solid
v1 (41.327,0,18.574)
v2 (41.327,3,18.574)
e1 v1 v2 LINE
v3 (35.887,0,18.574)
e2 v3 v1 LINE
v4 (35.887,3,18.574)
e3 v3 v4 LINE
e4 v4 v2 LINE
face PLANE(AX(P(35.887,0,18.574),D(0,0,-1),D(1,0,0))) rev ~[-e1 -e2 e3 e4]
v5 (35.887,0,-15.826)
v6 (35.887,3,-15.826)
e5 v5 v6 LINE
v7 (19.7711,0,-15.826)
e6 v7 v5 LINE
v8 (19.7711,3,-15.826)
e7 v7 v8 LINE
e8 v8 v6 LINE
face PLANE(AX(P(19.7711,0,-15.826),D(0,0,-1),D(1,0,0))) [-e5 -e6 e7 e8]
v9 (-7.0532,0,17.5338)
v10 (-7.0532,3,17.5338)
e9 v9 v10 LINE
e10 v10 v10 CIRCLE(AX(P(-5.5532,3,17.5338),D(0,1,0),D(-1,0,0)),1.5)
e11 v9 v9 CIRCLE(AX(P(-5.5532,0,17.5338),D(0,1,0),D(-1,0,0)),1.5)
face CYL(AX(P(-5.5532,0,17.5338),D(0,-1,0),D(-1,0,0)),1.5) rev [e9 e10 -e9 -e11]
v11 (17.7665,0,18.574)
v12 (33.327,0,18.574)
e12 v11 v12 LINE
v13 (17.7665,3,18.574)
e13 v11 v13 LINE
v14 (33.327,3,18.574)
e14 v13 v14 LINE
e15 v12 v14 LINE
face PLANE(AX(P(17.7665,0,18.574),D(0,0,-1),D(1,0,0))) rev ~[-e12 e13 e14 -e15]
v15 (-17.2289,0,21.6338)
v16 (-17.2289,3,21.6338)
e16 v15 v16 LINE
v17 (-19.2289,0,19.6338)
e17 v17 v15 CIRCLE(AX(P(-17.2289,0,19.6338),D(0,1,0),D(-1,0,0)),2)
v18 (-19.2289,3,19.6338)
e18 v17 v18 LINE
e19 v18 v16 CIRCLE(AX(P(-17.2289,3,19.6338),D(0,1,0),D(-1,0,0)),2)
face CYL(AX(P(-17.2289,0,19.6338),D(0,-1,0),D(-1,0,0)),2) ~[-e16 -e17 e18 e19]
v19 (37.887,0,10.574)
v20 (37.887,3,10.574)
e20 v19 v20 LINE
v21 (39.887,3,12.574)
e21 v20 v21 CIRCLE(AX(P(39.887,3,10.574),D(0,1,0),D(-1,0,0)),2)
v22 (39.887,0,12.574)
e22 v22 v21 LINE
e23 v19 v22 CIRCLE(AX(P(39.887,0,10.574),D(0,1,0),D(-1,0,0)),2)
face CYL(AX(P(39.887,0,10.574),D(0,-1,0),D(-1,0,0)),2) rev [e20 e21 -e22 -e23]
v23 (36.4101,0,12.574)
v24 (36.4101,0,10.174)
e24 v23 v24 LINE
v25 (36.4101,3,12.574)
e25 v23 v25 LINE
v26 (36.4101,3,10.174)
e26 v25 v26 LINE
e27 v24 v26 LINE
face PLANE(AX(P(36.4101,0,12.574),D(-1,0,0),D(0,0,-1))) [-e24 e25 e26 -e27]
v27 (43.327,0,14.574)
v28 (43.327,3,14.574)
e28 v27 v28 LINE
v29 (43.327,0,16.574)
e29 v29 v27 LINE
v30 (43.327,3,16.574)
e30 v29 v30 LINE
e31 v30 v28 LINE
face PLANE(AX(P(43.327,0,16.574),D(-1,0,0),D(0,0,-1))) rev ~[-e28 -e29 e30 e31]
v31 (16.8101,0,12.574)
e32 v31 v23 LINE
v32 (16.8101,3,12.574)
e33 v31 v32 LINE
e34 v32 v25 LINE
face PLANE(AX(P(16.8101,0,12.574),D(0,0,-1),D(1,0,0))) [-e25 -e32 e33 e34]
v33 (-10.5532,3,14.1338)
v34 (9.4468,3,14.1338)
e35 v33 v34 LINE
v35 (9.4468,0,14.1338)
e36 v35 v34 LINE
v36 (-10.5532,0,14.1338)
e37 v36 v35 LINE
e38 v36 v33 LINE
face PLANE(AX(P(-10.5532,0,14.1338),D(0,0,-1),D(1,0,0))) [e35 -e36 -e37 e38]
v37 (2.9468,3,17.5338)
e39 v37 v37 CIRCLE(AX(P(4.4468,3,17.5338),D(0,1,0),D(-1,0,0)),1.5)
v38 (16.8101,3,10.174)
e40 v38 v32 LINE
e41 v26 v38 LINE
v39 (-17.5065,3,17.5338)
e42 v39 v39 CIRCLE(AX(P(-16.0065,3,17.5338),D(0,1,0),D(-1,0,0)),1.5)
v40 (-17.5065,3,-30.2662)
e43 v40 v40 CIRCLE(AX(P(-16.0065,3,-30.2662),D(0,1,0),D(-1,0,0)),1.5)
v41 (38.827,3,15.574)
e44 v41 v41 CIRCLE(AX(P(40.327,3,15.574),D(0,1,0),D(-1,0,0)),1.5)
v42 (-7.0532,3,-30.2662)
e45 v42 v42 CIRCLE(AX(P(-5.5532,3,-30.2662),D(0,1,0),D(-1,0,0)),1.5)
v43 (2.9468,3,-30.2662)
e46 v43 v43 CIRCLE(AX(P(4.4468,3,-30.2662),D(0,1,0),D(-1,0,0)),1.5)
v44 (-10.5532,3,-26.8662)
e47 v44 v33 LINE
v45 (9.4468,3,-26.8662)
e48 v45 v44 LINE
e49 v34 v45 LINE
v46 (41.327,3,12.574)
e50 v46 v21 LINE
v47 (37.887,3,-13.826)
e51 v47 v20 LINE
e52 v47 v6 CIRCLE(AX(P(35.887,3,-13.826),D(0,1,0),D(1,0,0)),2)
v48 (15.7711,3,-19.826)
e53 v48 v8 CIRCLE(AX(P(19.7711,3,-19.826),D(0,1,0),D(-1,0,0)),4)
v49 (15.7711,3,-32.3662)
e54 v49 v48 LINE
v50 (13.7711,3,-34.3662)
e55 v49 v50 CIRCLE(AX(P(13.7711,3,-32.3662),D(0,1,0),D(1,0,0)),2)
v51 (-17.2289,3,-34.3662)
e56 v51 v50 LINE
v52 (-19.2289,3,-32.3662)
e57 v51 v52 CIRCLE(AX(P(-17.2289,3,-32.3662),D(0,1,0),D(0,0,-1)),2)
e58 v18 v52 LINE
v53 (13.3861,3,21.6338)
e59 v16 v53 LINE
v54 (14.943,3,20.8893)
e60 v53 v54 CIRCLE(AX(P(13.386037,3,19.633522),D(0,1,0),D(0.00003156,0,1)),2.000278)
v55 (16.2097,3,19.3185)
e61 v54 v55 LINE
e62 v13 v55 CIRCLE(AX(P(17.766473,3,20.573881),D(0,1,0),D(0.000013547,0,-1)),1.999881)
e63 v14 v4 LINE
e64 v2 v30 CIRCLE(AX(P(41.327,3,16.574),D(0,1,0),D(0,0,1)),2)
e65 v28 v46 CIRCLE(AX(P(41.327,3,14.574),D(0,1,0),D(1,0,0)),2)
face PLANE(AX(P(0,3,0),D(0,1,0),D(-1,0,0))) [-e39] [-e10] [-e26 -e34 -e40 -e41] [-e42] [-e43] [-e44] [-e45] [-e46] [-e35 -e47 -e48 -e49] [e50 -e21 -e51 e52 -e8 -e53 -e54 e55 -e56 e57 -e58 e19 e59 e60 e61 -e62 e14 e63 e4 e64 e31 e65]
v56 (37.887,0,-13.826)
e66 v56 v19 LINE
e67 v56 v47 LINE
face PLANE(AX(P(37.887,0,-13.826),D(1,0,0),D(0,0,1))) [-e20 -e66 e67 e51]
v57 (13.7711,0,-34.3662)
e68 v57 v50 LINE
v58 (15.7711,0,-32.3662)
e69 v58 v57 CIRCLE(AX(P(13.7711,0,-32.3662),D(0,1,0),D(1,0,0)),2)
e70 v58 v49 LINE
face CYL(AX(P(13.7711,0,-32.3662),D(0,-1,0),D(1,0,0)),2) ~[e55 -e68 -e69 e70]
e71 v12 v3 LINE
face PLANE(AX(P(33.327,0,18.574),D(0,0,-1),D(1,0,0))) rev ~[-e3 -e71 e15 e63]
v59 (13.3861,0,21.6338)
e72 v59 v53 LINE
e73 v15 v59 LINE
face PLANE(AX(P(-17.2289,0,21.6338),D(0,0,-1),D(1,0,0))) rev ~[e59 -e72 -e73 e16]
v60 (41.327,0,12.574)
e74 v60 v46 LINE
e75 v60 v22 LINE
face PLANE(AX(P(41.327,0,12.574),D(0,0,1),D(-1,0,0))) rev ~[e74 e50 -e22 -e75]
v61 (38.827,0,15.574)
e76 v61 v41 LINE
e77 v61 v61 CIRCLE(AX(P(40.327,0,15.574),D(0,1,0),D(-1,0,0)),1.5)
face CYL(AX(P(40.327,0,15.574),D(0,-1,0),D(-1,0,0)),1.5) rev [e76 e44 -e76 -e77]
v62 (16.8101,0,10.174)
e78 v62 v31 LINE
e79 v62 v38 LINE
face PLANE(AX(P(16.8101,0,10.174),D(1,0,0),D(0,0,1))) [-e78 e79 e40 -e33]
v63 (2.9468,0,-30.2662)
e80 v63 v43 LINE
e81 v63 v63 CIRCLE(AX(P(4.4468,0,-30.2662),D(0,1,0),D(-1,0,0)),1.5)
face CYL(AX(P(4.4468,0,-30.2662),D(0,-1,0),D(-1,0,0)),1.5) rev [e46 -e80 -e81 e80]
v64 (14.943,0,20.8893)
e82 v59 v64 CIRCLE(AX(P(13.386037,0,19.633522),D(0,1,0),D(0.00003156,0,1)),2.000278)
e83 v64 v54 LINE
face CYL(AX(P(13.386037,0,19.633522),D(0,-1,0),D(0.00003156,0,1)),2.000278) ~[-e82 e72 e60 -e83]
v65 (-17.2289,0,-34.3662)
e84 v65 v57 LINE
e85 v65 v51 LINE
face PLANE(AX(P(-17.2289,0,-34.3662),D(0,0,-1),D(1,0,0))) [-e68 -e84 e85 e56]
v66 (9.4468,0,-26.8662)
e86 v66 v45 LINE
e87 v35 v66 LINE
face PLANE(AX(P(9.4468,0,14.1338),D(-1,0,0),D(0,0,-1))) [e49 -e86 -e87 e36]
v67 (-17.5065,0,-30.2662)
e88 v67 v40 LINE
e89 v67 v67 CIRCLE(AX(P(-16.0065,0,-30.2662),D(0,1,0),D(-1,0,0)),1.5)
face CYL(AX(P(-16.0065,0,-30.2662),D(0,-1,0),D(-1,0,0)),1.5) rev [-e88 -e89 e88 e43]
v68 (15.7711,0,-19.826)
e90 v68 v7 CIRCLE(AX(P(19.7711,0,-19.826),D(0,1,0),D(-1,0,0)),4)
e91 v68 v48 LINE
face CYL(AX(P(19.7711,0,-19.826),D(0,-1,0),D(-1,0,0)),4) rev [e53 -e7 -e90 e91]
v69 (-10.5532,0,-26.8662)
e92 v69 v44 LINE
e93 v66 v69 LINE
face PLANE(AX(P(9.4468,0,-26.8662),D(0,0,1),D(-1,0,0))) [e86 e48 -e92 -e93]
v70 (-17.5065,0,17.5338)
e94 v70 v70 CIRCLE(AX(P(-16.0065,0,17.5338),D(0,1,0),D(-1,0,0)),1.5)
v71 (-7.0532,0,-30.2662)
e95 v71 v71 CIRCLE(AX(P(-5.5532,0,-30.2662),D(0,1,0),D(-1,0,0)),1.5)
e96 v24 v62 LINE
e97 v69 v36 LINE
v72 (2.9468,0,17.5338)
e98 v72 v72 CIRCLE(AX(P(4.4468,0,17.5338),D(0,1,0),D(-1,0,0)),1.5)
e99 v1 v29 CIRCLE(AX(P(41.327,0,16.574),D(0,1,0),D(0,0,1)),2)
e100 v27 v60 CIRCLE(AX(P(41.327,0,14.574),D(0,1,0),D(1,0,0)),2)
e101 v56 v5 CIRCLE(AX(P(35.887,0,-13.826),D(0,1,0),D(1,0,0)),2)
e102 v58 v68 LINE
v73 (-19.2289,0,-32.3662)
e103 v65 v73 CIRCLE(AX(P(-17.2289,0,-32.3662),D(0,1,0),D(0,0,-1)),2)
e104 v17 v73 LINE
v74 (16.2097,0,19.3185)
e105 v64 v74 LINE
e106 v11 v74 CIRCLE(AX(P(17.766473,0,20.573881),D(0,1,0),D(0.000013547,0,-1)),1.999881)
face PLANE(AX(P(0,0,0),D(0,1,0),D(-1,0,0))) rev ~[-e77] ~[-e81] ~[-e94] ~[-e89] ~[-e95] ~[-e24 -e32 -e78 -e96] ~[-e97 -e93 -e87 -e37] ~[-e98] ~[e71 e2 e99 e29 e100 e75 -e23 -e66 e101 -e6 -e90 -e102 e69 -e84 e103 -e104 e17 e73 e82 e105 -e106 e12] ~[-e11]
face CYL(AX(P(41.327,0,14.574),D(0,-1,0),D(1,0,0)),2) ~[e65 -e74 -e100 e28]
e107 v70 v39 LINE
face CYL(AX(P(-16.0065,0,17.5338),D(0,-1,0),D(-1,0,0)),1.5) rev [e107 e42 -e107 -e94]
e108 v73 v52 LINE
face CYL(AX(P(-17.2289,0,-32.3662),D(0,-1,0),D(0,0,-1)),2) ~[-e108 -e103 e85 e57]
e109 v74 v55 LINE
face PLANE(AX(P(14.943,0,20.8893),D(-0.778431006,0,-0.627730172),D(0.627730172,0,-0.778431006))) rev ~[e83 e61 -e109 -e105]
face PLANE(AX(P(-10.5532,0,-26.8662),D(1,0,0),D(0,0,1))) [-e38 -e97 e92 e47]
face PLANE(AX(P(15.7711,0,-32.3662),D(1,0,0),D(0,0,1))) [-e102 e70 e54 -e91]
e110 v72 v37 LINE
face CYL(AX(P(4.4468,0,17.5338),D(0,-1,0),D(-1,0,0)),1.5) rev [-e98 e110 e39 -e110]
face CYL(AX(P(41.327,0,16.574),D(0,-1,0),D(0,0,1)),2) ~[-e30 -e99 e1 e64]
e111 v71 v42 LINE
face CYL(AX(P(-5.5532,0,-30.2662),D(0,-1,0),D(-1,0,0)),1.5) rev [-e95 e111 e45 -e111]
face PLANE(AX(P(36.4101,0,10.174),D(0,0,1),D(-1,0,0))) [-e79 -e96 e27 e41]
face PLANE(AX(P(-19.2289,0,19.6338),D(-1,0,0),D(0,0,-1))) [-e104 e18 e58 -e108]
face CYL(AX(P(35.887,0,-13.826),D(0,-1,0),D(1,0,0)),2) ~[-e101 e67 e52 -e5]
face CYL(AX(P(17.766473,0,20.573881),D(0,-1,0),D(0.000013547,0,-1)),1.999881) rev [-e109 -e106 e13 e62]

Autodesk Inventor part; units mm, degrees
ref_plane "YZ Plane" through (0, 0, 0) normal (1, 0, 0) x (0, 1, 0)
ref_plane "XZ Plane" through (0, 0, 0) normal (0, 1, 0) x (-1, 0, 0)
ref_plane "XY Plane" through (0, 0, 0) normal (0, 0, 1) x (1, 0, 0)
sketch "Sketch1" plane through (0, 0, 0) normal (0, 1, 0) x (-1, 0, 0)
  line L0 (10.5532, 14.1338) -> (-9.4468, 14.1338)
  line L1 (-9.4468, 14.1338) -> (-9.4468, -26.8662)
  line L2 (-9.4468, -26.8662) -> (10.5532, -26.8662)
  line L3 (10.5532, -26.8662) -> (10.5532, 14.1338)
  circle A0 centre (5.5532, 17.5338) radius 1.5
  line L4 (19.2289, 19.6338) -> (19.2289, -32.3662)
  line L5 (17.2289, -34.3662) -> (-13.7711, -34.3662)
  line L6 (-15.7711, -32.3662) -> (-15.7711, -19.826)
  line L7 (-19.7711, -15.826) -> (-35.887, -15.826)
  line L8 (-37.887, -13.826) -> (-37.887, 10.574)
  line L9 (17.2289, 21.6338) -> (-13.3861, 21.6338)
  line L10 (-14.943, 20.8893) -> (-16.2097, 19.3185)
  line L11 (-17.7665, 18.574) -> (-35.887, 18.574)
  line L12 (-16.8101, 12.574) -> (-36.4101, 12.574)
  line L13 (-36.4101, 12.574) -> (-36.4101, 10.174)
  line L14 (-36.4101, 10.174) -> (-16.8101, 10.174)
  line L15 (-16.8101, 10.174) -> (-16.8101, 12.574)
  circle A1 centre (-4.4468, 17.5338) radius 1.5
  circle A2 centre (5.5532, -30.2662) radius 1.5
  circle A3 centre (-4.4468, -30.2662) radius 1.5
  arc A4 (19.2289, 19.6338) -> (17.2289, 21.6338) centre (17.2289, 19.6338) ccw
  arc A5 (17.2289, -34.3662) -> (19.2289, -32.3662) centre (17.2289, -32.3662) ccw
  arc A6 (-15.7711, -32.3662) -> (-13.7711, -34.3662) centre (-13.7711, -32.3662) ccw
  arc A7 (-15.7711, -19.826) -> (-19.7711, -15.826) centre (-19.7711, -19.826) ccw
  arc A8 (-37.887, -13.826) -> (-35.887, -15.826) centre (-35.887, -13.826) ccw
  arc A9 (-17.7665, 18.574) -> (-16.2097, 19.3185) centre (-17.7665, 20.574) ccw
  arc A10 (-13.3861, 21.6338) -> (-14.943, 20.8893) centre (-13.3861, 19.6338) ccw
  line L16 (-33.327, 18.574) -> (-41.327, 18.574)
  line L17 (-43.327, 16.574) -> (-43.327, 14.574)
  line L18 (-41.327, 12.574) -> (-39.887, 12.574)
  circle A11 centre (-40.327, 15.574) radius 1.5
  arc A12 (-37.887, 10.574) -> (-39.887, 12.574) centre (-39.887, 10.574) ccw
  arc A13 (-43.327, 14.574) -> (-41.327, 12.574) centre (-41.327, 14.574) ccw
  arc A14 (-41.327, 18.574) -> (-43.327, 16.574) centre (-41.327, 16.574) ccw
  circle A15 centre (16.0065, 17.5338) radius 1.5
  circle A16 centre (16.0065, -30.2662) radius 1.5
  point P0 (0, 0)
  point P1 (-43.327, 12.574)
  dimension "d0" = 20
  dimension "d1" = 41
  dimension "d2" = 3
  dimension "d3" = 3.4
  dimension "d5" = 19.6
  dimension "d6" = 2.4
  dimension "d7" = 26
  dimension "d8" = 6
  dimension "d9" = 56
  dimension "d10" = 7.5
  dimension "d11" = 2
  dimension "d12" = 4
  dimension "d14" = 3
  dimension "d15" = 2
  dimension "d16" = 3
  dimension "d17" = 35
  dimension "d18" = 3
extrude "Extrusion1" add sketch "Sketch1" along normal blind 3
properties part number "coxaa"
